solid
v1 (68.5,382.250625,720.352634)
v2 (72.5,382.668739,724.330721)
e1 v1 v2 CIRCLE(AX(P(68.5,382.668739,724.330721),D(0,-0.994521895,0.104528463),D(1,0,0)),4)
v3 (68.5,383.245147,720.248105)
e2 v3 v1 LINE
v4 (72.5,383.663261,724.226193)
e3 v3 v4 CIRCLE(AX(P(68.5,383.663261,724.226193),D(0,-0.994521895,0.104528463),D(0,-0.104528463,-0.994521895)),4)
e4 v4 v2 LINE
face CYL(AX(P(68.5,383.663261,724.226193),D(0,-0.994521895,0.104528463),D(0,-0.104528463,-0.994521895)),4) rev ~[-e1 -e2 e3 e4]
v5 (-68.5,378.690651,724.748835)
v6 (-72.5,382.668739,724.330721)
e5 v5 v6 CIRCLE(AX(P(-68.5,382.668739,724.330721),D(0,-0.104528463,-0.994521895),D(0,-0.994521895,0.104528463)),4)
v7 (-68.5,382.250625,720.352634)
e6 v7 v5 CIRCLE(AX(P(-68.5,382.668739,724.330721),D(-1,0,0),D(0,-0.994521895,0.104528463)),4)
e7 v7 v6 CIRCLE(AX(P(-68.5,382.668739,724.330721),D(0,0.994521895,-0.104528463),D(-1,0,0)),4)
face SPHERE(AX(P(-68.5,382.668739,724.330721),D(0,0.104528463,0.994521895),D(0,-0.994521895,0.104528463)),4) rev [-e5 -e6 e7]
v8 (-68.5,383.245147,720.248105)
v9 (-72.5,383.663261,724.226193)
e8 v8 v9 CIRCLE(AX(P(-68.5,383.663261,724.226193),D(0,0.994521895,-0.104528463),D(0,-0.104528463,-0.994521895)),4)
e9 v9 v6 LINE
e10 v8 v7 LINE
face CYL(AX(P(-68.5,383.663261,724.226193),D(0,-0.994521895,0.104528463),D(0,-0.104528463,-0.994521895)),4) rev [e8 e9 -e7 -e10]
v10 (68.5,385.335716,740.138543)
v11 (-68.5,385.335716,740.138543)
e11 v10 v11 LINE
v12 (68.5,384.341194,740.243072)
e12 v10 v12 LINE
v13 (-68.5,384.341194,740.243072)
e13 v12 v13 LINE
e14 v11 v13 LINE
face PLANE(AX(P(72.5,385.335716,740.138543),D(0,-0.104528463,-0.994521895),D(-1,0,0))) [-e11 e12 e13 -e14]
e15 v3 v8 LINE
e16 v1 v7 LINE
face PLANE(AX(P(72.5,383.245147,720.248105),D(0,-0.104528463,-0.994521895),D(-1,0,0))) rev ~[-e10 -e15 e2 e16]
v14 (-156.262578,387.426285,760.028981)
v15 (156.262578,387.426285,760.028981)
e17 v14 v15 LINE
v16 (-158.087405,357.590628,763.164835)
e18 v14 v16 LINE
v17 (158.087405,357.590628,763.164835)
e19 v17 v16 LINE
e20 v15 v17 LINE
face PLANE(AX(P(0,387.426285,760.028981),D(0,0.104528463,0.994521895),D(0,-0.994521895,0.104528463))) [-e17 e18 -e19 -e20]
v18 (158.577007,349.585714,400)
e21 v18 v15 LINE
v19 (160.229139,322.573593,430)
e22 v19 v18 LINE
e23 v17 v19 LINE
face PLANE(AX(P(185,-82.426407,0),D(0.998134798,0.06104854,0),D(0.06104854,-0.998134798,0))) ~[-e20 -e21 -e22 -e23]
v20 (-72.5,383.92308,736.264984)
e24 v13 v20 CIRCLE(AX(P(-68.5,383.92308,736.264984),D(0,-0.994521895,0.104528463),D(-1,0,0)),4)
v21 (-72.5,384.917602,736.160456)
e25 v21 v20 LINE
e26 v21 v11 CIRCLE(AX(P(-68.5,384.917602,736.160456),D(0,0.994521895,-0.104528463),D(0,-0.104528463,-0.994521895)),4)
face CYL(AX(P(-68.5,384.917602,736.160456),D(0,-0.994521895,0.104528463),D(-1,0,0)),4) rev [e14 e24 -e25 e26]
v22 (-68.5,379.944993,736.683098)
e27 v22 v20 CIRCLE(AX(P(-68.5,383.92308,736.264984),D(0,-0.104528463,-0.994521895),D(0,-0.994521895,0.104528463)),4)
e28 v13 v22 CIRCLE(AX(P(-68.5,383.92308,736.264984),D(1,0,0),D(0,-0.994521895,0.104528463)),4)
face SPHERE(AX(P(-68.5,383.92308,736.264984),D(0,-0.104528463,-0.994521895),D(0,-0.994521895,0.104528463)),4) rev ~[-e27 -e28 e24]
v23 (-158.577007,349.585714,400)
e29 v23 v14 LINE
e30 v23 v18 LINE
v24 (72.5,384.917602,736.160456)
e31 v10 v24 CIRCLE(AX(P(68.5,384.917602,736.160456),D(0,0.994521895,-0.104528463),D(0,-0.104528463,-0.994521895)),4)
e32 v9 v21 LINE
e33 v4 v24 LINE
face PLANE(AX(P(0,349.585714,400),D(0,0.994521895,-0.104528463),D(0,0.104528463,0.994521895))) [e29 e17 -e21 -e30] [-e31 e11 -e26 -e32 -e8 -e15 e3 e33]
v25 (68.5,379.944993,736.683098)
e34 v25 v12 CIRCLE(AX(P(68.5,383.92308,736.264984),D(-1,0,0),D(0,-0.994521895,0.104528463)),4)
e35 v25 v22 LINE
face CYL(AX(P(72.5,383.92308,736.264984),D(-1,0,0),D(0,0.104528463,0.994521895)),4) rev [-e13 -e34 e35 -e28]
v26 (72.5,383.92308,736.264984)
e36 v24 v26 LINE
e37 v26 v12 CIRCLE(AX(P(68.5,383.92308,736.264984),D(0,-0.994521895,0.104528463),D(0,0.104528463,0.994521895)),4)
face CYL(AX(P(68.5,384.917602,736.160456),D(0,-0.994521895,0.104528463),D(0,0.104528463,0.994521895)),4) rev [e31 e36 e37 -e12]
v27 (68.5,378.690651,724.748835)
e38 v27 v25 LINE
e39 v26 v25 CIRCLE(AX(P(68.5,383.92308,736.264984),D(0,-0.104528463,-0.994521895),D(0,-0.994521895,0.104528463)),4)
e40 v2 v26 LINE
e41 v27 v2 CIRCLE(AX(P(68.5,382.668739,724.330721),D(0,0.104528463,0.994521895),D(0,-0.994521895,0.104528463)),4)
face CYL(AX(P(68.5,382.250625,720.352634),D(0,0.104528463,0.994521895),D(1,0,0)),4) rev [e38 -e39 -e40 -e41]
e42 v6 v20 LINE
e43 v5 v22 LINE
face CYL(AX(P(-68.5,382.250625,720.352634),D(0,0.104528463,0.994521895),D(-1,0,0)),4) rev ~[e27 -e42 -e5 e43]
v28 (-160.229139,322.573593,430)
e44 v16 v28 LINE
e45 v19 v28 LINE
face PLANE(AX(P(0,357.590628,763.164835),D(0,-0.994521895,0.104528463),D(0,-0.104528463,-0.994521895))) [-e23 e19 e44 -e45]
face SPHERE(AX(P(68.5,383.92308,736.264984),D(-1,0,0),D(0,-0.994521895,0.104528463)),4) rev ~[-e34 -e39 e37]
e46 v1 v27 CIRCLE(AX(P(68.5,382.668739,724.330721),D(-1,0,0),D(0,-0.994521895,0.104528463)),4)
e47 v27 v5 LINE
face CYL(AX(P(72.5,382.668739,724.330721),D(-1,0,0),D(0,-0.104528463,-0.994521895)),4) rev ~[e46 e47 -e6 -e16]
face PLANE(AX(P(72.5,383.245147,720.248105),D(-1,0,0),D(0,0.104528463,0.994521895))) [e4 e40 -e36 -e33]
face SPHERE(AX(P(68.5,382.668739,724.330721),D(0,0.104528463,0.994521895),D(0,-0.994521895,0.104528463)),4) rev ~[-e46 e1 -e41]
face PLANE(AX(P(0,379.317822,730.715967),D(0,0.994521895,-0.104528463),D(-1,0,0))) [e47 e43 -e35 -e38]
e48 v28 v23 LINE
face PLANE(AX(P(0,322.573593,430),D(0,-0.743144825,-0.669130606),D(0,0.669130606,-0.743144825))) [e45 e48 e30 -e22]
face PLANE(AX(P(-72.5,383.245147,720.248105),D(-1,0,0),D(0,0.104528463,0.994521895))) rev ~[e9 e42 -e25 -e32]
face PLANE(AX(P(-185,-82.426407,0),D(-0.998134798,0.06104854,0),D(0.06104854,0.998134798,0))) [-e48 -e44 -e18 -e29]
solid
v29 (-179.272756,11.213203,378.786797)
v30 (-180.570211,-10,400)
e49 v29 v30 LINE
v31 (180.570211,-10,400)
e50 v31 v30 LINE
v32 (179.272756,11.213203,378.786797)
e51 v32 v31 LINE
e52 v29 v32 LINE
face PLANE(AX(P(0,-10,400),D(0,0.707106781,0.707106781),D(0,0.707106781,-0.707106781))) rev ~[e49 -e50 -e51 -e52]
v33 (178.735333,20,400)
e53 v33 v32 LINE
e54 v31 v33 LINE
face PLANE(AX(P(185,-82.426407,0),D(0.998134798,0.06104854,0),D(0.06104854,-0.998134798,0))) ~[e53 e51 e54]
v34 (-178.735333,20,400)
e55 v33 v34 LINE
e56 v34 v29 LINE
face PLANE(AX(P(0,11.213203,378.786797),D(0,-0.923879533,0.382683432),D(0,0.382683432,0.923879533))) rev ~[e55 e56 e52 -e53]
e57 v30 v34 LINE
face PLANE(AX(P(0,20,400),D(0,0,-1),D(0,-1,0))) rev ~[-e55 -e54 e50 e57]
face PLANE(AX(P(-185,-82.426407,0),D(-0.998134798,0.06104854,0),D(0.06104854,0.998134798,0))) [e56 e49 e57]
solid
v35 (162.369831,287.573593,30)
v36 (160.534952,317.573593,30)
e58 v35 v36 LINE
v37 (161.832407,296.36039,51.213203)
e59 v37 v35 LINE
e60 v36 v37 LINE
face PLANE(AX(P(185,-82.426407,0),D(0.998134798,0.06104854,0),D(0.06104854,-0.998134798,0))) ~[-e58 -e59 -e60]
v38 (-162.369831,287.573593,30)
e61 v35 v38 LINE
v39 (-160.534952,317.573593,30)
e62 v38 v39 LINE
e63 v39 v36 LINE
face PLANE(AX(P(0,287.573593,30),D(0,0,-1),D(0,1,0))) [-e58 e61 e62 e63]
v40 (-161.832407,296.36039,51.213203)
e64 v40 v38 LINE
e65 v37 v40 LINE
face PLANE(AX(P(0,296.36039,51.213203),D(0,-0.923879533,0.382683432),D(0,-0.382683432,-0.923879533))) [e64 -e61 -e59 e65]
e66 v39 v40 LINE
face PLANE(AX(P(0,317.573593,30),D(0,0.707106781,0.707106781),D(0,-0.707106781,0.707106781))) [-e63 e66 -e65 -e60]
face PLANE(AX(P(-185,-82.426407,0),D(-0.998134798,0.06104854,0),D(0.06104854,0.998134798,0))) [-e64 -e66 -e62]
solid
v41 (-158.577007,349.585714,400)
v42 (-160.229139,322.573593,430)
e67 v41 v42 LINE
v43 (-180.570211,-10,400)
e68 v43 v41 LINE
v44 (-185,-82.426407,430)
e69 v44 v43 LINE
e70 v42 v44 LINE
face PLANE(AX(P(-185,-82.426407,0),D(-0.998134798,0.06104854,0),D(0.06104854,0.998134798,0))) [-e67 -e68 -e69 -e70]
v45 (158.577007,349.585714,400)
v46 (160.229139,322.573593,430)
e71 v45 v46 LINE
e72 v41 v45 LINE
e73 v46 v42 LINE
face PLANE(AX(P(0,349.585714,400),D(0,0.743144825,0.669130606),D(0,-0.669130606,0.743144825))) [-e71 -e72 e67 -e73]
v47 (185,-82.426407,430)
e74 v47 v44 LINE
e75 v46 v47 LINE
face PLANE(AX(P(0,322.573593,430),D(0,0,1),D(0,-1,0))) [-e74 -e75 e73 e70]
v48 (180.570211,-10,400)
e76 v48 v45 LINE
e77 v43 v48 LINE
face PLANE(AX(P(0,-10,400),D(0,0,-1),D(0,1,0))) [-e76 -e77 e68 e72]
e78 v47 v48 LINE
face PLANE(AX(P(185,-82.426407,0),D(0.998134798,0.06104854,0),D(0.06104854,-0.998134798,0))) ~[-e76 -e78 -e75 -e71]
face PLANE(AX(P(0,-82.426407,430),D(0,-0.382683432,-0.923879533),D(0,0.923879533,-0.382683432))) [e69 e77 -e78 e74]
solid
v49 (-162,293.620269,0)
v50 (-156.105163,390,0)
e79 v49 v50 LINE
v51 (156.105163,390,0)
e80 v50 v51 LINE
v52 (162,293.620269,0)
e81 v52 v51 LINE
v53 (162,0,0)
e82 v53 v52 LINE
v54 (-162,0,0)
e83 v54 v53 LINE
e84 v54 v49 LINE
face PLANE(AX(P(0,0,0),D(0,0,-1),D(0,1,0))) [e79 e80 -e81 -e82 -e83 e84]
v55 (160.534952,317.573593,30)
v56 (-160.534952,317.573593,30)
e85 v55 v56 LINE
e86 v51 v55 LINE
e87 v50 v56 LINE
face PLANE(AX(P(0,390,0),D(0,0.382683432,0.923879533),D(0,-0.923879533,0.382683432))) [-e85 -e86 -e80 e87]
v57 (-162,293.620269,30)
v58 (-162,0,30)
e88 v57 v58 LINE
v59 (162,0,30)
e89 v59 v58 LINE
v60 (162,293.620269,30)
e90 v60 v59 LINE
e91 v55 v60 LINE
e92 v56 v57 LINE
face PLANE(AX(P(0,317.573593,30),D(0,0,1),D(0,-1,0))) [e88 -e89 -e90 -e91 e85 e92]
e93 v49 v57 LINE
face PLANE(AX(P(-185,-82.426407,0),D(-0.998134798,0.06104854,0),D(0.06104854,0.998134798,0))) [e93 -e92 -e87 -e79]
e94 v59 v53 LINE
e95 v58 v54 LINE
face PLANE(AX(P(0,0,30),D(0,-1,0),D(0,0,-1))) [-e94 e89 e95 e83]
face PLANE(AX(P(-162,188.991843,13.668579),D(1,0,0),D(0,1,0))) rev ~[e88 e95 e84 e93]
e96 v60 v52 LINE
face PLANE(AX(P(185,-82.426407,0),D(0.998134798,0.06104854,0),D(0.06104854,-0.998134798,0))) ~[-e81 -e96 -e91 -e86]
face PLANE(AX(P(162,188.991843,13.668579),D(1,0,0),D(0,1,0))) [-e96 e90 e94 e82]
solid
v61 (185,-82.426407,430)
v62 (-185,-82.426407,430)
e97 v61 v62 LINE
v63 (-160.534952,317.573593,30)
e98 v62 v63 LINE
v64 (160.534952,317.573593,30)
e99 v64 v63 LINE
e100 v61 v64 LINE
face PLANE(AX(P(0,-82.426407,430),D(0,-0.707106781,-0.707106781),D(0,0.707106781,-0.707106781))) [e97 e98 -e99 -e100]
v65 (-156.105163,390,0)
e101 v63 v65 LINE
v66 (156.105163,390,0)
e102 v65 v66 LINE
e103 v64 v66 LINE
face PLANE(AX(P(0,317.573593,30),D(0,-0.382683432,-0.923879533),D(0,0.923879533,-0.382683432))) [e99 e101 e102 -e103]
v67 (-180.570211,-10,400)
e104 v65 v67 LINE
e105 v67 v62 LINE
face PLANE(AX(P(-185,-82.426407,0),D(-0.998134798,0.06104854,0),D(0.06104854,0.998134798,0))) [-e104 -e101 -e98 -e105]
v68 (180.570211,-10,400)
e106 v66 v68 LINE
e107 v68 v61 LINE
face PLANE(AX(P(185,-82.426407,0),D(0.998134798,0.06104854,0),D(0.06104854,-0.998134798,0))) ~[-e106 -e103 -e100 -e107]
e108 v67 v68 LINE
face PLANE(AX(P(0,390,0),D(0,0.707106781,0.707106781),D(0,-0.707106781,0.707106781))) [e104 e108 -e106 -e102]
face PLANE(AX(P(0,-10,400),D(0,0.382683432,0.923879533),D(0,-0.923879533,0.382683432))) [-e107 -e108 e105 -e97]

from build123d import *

# Parameters (mm, degrees)
F1_DEPTH      = 162
F2_DEPTH      = 162
F3_DEPTH      = 185
F4_DEPTH      = 185
F5_DEPTH      = 185
F5_DEPTH_BACK = 185
F6_DEPTH      = 185
F6_DEPTH_BACK = 185
F8_DEPTH      = 1053
F11_W         = 145
F11_H         = 20
F12_DEPTH     = 5
F13_R         = 4


with BuildPart() as f1:
    # F0 (on Right) → F1 (new body, symmetric)
    with BuildSketch(Plane.YZ):
        Polygon((322.5735931288, 430), (349.5857144577, 400), (387.4262851845, 760.0289810503), (357.5906283235, 763.1648349484), align=None)
    extrude(amount=F1_DEPTH, both=True)


with BuildPart() as f2:
    # F0 (on Right) → F2 (new body, symmetric)
    with BuildSketch(Plane.YZ):
        Polygon((0, 30), (0, 0), (390, 0), (317.5735931288, 30), (287.5735931288, 30), align=None)
    extrude(amount=F2_DEPTH, both=True)


with BuildPart() as f3:
    # F0 (on Right) → F3 (new body, symmetric)
    with BuildSketch(Plane.YZ):
        Polygon((-82.4264068712, 430), (-10, 400), (20, 400), (349.5857144577, 400), (322.5735931288, 430), align=None)
    extrude(amount=F3_DEPTH, both=True)


with BuildPart() as f4:
    # F0 (on Right) → F4 (new body, symmetric)
    with BuildSketch(Plane.YZ):
        Polygon((317.5735931288, 30), (390, 0), (11.2132034356, 378.7867965644), (-10, 400), (-82.4264068712, 430), (296.3603896932, 51.2132034356), align=None)
    extrude(amount=F4_DEPTH, both=True)


with BuildPart() as f5:
    # F0 (on Right) → F5 (new body, two sides)
    with BuildSketch(Plane.YZ) as f5_sk:
        Polygon((287.5735931288, 30), (317.5735931288, 30), (296.3603896932, 51.2132034356), align=None)
    extrude(amount=F5_DEPTH)
    extrude(f5_sk.sketch, amount=-F5_DEPTH_BACK)


with BuildPart() as f6:
    # F0 (on Right) → F6 (new body, two sides)
    with BuildSketch(Plane.YZ) as f6_sk:
        Polygon((-10, 400), (11.2132034356, 378.7867965644), (20, 400), align=None)
    extrude(amount=-F6_DEPTH)
    extrude(f6_sk.sketch, amount=F6_DEPTH_BACK)


with BuildPart() as f8:
    # F7 (on Top) → F8 (new body)
    with BuildSketch(Plane.XY):
        Polygon((-310.789078474, -330.91121912), (-185, -82.4264068712), (-149.7033394882, 494.6688912855), (-227.649176174, 499.436262887), align=None)
    extrude(amount=F8_DEPTH)


with BuildPart() as f9_1:
    # F9: instance of F8
    add(f8.part.mirror(Plane.YZ))


with BuildPart() as f2_1:
    add(f2.part)

    # F10: cut F8, F9_1
    add(f8.part, mode=Mode.SUBTRACT)
    add(f9_1.part, mode=Mode.SUBTRACT)


with BuildPart() as f3_1:
    add(f3.part)

    # F10: cut F8, F9_1
    add(f8.part, mode=Mode.SUBTRACT)
    add(f9_1.part, mode=Mode.SUBTRACT)


with BuildPart() as f1_1:
    add(f1.part)

    # F10: cut F8, F9_1
    add(f8.part, mode=Mode.SUBTRACT)
    add(f9_1.part, mode=Mode.SUBTRACT)

    # F11 (on face) → F12 (cut)
    with BuildSketch(Plane(origin=(0, 304.1837329891, -31.9709986361), x_dir=(-1, 0, 0), z_dir=(0, 0.9945218954, -0.1045284633))):
        with Locations((0, 766.3625369888)):
            Rectangle(F11_W, F11_H)
    extrude(amount=-F12_DEPTH, mode=Mode.SUBTRACT)

    # F13
    f13_edges = [f1_1.edges().sort_by_distance(p)[0] for p in [
        (-72.5, 379.317822, 730.715967),
        (0, 380.363106, 740.661185),
        (72.5, 379.317822, 730.715967),
        (0, 378.272537, 720.770748),
        (-72.5, 382.849411, 740.399864),
        (-72.5, 380.758842, 720.509426),
        (72.5, 382.849411, 740.399864),
        (72.5, 380.758842, 720.509426),
    ]]
    fillet(f13_edges, radius=F13_R)


with BuildPart() as f4_1:
    add(f4.part)

    # F10: cut F8, F9_1
    add(f8.part, mode=Mode.SUBTRACT)
    add(f9_1.part, mode=Mode.SUBTRACT)


with BuildPart() as f5_1:
    add(f5.part)

    # F10: cut F8, F9_1
    add(f8.part, mode=Mode.SUBTRACT)
    add(f9_1.part, mode=Mode.SUBTRACT)


with BuildPart() as f6_1:
    add(f6.part)

    # F10: cut F8, F9_1
    add(f8.part, mode=Mode.SUBTRACT)
    add(f9_1.part, mode=Mode.SUBTRACT)


solid = Compound([f2_1.part, f3_1.part, f1_1.part, f4_1.part, f5_1.part, f6_1.part])
